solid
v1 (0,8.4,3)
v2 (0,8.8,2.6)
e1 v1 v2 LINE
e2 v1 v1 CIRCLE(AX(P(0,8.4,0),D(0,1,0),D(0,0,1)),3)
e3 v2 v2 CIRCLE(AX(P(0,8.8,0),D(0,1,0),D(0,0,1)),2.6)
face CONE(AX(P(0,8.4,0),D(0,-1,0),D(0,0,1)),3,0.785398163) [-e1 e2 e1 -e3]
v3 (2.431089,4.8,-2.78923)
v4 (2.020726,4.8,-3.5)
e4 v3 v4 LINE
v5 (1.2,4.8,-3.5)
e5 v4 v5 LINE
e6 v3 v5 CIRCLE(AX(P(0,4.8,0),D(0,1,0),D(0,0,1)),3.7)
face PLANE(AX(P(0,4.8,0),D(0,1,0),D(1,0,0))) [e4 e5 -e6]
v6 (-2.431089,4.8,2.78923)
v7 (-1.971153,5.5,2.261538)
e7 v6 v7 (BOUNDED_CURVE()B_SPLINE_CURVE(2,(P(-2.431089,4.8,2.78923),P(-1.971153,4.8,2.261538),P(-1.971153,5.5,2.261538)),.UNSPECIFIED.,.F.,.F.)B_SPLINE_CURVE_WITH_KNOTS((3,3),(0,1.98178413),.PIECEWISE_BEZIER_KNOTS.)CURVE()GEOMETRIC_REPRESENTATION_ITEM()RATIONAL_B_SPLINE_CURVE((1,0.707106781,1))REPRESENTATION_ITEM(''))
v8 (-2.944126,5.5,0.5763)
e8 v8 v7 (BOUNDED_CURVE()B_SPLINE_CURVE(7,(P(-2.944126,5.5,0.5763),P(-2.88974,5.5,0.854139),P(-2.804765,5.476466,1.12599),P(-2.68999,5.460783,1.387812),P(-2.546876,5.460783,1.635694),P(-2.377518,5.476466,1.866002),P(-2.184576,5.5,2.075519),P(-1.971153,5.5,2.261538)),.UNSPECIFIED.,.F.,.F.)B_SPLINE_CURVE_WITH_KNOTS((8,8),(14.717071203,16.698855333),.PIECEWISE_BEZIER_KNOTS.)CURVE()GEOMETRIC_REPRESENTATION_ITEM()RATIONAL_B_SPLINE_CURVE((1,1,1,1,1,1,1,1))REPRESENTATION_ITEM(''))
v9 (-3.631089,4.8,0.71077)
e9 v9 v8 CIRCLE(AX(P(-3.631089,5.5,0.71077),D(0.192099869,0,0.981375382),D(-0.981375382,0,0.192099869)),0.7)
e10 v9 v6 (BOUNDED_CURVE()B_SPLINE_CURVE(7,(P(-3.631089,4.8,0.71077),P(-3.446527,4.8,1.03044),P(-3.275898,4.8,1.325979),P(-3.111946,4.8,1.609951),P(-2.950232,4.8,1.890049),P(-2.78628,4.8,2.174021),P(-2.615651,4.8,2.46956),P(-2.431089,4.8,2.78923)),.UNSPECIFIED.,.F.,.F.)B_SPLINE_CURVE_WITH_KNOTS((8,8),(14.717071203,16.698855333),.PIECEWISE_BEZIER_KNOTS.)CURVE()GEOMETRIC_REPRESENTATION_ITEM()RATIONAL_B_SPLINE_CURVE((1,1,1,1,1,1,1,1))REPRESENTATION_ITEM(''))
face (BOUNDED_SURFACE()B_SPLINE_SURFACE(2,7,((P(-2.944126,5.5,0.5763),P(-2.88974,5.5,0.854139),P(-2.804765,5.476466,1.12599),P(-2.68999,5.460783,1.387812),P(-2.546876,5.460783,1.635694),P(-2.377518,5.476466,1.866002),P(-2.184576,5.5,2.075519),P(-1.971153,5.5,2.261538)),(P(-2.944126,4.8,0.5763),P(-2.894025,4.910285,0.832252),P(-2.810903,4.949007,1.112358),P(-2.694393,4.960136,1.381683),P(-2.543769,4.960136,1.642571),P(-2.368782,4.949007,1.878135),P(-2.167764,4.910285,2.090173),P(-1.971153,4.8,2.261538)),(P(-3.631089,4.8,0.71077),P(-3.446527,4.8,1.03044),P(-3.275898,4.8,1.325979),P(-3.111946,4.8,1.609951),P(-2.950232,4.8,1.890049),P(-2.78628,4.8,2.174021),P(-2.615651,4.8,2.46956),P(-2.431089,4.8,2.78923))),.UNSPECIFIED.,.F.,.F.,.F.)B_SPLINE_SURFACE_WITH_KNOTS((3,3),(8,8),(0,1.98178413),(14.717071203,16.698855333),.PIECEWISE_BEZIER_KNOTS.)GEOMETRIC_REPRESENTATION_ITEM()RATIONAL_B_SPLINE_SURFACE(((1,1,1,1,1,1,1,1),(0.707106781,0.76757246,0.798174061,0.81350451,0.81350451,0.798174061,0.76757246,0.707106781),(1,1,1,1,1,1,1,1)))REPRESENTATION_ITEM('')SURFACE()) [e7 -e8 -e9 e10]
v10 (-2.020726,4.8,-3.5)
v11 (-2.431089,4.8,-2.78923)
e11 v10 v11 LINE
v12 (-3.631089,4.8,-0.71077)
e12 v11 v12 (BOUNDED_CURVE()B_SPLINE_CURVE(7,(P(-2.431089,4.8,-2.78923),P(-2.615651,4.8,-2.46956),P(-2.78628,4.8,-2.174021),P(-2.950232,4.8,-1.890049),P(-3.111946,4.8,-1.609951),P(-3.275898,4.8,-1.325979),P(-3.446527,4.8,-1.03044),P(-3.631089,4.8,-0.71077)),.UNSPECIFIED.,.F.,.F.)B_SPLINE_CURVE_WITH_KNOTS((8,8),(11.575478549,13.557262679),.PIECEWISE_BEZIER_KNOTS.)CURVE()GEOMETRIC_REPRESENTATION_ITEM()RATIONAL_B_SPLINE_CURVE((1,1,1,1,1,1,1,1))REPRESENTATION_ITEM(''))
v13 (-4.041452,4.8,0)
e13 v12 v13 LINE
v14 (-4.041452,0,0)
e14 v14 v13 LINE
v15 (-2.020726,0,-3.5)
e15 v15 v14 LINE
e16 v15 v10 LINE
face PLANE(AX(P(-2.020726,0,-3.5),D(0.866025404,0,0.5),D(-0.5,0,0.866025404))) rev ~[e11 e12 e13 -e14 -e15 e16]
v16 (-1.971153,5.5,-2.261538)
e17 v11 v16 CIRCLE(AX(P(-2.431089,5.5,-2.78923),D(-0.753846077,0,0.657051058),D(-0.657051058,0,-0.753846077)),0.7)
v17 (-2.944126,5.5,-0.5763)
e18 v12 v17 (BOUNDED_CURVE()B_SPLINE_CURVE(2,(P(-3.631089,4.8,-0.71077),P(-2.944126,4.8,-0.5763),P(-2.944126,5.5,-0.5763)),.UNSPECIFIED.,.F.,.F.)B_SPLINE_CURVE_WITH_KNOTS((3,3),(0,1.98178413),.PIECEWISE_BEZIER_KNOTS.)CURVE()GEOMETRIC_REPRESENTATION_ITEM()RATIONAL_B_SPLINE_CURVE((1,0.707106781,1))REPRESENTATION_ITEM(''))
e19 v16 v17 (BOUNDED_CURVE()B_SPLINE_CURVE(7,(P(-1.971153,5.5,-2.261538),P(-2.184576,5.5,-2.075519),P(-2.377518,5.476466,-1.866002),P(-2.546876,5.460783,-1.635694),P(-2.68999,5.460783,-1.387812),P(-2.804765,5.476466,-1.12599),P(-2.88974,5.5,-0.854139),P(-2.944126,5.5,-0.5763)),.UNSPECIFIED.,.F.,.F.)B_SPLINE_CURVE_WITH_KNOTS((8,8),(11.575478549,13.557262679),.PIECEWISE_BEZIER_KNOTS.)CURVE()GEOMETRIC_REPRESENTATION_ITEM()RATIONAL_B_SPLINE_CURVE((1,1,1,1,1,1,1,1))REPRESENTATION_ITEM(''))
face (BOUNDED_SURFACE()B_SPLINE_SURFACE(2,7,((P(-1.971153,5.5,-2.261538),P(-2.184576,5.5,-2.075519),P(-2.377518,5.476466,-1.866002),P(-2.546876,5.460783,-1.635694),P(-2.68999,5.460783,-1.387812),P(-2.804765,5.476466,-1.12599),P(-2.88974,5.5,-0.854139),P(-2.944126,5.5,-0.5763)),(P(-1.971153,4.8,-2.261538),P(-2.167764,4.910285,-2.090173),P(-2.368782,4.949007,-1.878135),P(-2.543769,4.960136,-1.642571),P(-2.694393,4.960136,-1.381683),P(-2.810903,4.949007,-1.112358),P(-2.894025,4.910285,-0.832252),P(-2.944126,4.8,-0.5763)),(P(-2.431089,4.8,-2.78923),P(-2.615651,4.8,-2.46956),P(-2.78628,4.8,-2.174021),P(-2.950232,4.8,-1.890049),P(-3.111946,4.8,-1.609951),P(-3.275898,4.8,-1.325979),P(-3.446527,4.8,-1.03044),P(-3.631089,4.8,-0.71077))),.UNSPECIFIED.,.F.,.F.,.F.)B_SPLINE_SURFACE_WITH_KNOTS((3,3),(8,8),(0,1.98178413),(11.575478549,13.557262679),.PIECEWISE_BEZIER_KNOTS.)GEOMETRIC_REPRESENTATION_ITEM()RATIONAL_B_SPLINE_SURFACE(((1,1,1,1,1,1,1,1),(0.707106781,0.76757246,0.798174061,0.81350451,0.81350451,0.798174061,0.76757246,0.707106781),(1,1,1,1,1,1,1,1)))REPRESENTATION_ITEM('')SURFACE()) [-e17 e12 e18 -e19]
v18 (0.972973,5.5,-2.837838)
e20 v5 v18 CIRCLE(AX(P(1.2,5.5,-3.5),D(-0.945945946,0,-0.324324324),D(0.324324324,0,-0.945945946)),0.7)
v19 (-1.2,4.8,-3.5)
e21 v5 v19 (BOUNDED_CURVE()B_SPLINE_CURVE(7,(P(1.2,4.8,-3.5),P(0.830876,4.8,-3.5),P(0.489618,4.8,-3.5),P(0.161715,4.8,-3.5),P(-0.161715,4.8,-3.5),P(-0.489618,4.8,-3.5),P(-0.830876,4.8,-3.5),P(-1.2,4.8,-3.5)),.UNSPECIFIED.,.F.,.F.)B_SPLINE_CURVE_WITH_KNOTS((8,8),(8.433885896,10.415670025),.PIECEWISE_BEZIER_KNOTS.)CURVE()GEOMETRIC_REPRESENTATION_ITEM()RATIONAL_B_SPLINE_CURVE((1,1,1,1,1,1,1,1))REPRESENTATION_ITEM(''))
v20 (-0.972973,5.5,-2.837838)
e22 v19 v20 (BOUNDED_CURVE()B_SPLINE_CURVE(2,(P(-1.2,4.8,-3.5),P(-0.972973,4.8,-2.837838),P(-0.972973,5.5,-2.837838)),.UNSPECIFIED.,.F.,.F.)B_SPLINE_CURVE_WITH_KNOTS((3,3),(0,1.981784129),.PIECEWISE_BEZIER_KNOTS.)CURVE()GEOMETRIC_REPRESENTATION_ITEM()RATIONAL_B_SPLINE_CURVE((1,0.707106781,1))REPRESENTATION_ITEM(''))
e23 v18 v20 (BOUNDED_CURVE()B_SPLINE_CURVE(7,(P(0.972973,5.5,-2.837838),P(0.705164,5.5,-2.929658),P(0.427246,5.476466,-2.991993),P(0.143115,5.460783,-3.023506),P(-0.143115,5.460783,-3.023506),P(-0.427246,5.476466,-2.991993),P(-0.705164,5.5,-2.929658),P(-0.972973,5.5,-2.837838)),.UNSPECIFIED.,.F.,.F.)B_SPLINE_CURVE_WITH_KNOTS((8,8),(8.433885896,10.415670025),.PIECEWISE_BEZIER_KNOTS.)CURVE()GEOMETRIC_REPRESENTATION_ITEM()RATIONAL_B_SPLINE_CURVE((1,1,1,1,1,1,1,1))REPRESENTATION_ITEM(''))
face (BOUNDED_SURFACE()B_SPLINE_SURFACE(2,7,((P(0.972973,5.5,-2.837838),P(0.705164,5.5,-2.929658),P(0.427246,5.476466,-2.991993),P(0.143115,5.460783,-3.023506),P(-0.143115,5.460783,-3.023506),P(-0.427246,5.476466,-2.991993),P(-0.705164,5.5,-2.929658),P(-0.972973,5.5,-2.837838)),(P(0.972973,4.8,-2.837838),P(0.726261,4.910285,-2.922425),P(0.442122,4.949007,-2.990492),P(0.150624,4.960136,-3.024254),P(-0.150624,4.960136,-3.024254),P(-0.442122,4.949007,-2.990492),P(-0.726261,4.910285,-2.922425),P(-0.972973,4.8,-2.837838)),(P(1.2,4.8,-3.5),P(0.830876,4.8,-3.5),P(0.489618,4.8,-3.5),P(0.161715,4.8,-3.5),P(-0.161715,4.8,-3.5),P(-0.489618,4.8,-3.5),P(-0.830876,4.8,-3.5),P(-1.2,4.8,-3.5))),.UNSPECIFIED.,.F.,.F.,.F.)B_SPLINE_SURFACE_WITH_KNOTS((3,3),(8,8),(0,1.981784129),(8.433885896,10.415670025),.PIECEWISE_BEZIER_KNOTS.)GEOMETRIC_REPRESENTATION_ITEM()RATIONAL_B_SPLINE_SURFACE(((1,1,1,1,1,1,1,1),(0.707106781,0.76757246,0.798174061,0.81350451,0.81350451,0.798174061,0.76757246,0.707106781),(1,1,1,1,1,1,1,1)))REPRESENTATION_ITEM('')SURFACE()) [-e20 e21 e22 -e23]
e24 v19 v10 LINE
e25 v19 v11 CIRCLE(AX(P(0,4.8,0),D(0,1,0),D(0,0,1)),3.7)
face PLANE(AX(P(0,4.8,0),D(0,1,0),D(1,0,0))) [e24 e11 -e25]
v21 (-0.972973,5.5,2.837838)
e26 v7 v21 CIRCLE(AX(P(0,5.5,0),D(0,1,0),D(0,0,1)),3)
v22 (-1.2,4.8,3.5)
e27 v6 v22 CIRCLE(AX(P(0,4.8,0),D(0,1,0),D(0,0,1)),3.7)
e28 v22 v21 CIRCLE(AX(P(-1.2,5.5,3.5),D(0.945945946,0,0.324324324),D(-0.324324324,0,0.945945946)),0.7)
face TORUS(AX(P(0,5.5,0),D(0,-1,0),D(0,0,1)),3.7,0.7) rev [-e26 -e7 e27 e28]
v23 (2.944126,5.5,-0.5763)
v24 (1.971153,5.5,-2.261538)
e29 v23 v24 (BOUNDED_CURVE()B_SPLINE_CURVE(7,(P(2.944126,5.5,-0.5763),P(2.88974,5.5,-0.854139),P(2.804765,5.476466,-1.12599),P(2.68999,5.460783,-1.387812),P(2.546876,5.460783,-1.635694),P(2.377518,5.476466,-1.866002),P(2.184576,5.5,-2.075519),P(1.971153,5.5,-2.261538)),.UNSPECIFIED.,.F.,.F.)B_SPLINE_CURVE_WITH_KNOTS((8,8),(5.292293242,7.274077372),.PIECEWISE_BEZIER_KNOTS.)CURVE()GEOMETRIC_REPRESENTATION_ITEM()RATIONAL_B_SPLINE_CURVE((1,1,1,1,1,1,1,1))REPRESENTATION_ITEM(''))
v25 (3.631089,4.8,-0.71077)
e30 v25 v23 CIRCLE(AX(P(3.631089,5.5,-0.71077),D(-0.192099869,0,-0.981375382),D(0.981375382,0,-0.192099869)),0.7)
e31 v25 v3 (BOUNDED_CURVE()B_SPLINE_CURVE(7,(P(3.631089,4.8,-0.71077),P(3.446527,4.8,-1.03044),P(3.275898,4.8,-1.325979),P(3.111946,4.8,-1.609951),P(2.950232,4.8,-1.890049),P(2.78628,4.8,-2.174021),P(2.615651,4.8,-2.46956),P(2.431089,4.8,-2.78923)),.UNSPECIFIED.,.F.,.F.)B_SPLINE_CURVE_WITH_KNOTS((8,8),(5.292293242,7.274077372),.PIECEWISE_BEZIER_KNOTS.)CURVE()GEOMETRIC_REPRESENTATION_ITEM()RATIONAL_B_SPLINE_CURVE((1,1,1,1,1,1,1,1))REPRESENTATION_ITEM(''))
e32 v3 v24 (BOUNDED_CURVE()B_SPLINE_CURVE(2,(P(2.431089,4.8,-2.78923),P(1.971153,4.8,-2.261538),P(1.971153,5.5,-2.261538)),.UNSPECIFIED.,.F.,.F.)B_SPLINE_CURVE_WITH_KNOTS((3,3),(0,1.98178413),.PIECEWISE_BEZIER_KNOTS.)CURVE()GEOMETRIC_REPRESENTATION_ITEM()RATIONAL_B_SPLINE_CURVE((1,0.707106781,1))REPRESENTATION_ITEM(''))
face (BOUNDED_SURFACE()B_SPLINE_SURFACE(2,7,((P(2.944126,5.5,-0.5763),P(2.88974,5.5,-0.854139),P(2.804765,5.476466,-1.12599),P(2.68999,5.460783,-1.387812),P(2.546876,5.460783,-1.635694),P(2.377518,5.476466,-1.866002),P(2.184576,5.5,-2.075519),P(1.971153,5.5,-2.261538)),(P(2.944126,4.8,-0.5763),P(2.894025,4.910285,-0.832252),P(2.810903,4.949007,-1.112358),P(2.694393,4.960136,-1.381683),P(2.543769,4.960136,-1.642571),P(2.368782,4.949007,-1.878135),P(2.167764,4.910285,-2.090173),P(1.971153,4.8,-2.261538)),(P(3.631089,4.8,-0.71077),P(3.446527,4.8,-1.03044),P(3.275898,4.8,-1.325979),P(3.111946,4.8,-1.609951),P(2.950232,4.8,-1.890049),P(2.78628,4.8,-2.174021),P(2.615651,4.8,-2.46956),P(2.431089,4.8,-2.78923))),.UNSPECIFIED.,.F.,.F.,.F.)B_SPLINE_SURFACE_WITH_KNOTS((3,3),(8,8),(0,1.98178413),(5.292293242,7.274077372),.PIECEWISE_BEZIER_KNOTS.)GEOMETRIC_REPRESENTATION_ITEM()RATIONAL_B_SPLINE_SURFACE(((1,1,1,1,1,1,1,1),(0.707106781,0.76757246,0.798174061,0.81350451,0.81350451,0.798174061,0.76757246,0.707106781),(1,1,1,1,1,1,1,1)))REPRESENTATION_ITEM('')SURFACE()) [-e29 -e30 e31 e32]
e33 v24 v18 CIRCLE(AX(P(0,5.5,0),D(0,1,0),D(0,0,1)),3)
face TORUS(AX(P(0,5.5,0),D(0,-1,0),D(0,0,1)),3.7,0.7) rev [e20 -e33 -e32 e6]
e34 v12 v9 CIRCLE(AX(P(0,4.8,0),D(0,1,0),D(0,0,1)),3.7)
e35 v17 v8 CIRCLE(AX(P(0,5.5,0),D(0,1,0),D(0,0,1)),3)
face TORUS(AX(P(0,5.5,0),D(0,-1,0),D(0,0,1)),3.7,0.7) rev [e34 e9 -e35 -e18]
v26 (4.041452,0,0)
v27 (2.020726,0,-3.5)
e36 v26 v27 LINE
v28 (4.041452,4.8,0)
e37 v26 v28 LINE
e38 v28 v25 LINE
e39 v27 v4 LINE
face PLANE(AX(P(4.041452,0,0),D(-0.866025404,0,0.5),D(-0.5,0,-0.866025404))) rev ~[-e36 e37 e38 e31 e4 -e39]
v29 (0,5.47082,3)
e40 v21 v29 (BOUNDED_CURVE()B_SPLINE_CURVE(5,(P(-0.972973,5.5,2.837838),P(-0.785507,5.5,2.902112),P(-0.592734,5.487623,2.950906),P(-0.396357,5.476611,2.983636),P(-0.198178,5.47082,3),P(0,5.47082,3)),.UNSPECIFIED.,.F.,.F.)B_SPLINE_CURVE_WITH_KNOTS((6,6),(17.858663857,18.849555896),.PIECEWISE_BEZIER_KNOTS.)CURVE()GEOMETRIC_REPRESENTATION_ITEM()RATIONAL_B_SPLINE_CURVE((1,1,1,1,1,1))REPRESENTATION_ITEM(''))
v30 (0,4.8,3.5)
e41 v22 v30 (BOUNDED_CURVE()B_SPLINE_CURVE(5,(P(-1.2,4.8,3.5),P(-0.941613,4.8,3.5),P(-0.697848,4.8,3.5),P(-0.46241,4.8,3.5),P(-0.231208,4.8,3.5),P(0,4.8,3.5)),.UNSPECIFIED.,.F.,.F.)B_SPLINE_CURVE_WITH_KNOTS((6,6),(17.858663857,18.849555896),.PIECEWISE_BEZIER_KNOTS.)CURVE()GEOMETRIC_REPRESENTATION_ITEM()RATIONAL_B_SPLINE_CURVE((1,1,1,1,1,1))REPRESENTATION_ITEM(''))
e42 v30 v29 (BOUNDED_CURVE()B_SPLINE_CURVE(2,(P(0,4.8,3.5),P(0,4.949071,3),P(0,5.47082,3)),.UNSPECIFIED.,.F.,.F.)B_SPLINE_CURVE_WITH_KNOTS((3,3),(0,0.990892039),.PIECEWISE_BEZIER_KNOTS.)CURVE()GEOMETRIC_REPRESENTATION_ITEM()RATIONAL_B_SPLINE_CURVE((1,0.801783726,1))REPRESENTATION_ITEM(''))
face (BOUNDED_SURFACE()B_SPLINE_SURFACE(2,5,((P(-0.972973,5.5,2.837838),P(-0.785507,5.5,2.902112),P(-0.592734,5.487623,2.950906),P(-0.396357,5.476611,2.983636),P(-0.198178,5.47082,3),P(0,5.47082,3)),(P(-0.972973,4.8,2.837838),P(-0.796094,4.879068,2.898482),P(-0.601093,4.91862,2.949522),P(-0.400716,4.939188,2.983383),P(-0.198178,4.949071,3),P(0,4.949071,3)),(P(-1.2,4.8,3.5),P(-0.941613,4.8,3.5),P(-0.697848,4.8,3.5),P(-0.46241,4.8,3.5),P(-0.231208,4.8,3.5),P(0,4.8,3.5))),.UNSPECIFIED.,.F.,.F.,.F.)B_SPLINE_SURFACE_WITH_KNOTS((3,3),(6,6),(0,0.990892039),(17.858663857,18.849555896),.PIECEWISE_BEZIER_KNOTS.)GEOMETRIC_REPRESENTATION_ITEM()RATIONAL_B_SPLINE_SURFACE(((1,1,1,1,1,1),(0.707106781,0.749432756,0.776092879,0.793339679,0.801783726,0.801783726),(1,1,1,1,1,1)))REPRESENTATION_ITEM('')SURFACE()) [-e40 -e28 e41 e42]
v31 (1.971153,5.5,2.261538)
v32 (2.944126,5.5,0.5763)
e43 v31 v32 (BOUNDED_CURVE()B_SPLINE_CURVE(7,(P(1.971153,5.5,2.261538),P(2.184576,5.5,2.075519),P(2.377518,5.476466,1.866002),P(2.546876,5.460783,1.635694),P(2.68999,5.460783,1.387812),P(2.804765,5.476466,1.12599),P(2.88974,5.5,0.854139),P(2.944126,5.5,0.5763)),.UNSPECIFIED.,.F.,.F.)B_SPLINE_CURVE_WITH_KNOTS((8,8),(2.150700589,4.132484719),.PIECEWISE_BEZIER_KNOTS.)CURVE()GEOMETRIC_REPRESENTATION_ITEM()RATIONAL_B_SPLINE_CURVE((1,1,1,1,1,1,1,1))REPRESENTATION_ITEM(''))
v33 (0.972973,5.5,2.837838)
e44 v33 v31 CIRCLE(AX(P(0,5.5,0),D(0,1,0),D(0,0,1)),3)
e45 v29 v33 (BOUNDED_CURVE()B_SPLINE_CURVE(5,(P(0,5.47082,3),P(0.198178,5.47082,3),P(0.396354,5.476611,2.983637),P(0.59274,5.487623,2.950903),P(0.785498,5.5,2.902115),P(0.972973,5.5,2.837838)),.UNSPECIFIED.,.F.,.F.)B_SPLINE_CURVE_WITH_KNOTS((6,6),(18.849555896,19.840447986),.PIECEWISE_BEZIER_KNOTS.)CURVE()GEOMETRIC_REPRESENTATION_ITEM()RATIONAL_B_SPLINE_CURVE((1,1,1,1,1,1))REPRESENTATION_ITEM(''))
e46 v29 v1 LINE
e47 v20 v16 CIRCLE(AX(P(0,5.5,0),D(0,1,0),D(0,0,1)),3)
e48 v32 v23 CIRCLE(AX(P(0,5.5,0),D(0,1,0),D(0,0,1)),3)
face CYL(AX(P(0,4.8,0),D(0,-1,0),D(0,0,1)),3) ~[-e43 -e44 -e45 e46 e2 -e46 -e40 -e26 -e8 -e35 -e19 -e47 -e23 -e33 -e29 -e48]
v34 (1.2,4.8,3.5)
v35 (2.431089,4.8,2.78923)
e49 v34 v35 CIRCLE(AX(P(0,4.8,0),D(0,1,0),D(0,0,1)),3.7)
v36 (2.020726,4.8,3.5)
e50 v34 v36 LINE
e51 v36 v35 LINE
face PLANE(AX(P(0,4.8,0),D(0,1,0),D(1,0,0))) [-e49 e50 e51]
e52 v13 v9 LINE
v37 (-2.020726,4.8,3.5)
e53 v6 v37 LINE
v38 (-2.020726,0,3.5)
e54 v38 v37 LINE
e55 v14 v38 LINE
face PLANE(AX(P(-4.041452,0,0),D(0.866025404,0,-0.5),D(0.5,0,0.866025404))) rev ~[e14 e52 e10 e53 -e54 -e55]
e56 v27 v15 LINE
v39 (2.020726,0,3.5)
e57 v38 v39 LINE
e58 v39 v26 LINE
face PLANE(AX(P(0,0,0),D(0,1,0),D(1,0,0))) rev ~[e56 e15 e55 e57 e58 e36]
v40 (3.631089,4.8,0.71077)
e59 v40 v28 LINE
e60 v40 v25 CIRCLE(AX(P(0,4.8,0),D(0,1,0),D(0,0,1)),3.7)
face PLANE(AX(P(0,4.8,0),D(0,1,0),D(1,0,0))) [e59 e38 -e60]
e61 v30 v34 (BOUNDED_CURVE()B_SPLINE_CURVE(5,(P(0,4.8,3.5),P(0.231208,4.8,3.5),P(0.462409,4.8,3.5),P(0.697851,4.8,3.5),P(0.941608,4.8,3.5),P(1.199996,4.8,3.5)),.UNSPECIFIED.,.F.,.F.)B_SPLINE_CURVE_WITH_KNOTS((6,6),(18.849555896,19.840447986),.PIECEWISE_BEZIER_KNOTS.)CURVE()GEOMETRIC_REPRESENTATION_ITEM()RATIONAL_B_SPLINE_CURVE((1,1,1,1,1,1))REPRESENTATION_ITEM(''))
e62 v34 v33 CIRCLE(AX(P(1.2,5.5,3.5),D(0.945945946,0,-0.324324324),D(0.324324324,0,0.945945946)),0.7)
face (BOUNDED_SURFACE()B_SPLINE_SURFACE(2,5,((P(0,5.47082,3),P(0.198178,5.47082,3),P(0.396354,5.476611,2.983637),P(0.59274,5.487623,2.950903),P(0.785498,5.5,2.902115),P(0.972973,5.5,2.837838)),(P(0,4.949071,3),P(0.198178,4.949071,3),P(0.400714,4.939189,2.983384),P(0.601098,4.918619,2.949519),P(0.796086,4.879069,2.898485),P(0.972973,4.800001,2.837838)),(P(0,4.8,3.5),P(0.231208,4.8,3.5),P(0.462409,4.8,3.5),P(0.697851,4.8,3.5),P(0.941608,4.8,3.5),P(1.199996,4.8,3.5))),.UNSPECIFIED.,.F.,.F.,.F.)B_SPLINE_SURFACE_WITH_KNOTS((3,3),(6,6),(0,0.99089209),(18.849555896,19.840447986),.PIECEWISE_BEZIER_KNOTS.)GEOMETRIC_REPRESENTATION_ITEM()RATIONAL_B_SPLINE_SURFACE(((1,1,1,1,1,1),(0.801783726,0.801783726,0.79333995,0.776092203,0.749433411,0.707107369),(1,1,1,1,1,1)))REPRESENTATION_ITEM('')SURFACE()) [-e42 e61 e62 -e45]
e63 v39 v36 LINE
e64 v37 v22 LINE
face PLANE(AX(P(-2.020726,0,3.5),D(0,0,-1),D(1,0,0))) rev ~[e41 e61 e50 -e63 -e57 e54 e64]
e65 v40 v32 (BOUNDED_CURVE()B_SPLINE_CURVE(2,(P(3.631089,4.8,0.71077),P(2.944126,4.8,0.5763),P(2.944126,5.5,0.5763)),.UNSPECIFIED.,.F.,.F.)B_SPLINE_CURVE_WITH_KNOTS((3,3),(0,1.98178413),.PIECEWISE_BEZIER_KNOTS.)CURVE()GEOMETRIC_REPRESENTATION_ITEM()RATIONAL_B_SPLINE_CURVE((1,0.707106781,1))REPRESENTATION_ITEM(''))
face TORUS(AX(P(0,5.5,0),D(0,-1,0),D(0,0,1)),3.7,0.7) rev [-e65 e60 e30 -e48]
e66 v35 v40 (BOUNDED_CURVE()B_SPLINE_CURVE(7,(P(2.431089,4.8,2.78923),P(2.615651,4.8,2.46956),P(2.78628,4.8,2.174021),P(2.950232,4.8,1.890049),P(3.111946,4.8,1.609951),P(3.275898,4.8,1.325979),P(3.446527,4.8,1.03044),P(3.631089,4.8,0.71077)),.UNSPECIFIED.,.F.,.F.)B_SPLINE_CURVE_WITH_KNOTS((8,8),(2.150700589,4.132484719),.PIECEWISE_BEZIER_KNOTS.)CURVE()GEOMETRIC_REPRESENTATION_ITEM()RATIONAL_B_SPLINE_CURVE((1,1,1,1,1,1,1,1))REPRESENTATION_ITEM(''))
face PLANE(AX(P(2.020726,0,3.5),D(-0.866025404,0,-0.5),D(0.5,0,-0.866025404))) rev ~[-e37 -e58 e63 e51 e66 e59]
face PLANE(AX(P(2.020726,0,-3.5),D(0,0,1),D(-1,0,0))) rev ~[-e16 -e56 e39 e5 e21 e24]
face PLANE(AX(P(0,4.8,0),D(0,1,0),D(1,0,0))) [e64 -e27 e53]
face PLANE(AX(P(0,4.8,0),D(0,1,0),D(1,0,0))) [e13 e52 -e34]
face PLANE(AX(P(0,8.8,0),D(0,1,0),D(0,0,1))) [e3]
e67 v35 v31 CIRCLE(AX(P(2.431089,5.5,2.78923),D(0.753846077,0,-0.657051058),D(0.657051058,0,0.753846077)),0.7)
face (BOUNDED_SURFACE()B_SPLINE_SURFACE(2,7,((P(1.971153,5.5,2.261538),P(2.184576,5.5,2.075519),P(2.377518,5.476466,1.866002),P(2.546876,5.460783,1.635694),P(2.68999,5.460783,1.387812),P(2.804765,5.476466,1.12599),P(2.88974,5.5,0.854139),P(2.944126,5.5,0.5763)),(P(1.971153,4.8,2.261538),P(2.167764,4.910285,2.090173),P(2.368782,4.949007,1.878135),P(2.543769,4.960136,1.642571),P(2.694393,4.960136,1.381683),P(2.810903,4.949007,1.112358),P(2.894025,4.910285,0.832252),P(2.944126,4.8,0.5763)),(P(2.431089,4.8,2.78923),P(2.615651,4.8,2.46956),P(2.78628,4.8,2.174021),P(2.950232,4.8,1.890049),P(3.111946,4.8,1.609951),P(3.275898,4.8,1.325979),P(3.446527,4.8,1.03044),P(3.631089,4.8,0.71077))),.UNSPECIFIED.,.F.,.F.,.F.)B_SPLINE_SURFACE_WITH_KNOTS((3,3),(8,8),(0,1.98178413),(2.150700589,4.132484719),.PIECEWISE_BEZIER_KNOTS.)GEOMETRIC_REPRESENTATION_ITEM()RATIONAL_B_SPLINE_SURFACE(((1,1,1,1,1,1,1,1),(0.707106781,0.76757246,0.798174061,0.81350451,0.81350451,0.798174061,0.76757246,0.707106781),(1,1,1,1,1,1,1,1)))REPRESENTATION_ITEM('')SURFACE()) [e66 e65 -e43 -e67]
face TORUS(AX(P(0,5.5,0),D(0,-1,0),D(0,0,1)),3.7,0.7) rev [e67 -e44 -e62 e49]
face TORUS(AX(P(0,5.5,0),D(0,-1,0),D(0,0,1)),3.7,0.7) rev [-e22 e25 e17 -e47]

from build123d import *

# Parameters (mm, degrees)
EXTRUDE_1_DEPTH = 4.8
SKETCH_2_R      = 3
EXTRUDE_2_DEPTH = 4
FILLET_4_R      = 0.7
CHAMFER_1_SIZE  = 0.4


with BuildPart() as part:
    # Эскиз1 → Бобышка-Вытянуть1 (new body)
    with BuildSketch(Plane(origin=(0, 0, 0), x_dir=(1, 0, 0), z_dir=(0, 1, 0))):
        Polygon((4.041451884, 0), (2.020725942, 3.5), (-2.020725942, 3.5), (-4.041451884, 0), (-2.020725942, -3.5), (2.020725942, -3.5), align=None)
    extrude(amount=EXTRUDE_1_DEPTH)

    # Эскиз2 → Бобышка-Вытянуть2 (add)
    with BuildSketch(Plane(origin=(0, 4.8, 0), x_dir=(1, 0, 0), z_dir=(0, 1, 0))):
        with Locations(Location((0, 0, 0), (0, 0, 270))):
            Circle(SKETCH_2_R)
    extrude(amount=EXTRUDE_2_DEPTH)

    # Скругление4
    fillet_4_edges = [part.edges().sort_by_distance(p)[0] for p in [
        (0, 4.8, -3),
    ]]
    fillet(fillet_4_edges, radius=FILLET_4_R)

    # Фаска1
    chamfer_1_edges = [part.edges().sort_by_distance(p)[0] for p in [
        (0, 8.8, -3),
    ]]
    chamfer(chamfer_1_edges, length=CHAMFER_1_SIZE)


solid = part.part
